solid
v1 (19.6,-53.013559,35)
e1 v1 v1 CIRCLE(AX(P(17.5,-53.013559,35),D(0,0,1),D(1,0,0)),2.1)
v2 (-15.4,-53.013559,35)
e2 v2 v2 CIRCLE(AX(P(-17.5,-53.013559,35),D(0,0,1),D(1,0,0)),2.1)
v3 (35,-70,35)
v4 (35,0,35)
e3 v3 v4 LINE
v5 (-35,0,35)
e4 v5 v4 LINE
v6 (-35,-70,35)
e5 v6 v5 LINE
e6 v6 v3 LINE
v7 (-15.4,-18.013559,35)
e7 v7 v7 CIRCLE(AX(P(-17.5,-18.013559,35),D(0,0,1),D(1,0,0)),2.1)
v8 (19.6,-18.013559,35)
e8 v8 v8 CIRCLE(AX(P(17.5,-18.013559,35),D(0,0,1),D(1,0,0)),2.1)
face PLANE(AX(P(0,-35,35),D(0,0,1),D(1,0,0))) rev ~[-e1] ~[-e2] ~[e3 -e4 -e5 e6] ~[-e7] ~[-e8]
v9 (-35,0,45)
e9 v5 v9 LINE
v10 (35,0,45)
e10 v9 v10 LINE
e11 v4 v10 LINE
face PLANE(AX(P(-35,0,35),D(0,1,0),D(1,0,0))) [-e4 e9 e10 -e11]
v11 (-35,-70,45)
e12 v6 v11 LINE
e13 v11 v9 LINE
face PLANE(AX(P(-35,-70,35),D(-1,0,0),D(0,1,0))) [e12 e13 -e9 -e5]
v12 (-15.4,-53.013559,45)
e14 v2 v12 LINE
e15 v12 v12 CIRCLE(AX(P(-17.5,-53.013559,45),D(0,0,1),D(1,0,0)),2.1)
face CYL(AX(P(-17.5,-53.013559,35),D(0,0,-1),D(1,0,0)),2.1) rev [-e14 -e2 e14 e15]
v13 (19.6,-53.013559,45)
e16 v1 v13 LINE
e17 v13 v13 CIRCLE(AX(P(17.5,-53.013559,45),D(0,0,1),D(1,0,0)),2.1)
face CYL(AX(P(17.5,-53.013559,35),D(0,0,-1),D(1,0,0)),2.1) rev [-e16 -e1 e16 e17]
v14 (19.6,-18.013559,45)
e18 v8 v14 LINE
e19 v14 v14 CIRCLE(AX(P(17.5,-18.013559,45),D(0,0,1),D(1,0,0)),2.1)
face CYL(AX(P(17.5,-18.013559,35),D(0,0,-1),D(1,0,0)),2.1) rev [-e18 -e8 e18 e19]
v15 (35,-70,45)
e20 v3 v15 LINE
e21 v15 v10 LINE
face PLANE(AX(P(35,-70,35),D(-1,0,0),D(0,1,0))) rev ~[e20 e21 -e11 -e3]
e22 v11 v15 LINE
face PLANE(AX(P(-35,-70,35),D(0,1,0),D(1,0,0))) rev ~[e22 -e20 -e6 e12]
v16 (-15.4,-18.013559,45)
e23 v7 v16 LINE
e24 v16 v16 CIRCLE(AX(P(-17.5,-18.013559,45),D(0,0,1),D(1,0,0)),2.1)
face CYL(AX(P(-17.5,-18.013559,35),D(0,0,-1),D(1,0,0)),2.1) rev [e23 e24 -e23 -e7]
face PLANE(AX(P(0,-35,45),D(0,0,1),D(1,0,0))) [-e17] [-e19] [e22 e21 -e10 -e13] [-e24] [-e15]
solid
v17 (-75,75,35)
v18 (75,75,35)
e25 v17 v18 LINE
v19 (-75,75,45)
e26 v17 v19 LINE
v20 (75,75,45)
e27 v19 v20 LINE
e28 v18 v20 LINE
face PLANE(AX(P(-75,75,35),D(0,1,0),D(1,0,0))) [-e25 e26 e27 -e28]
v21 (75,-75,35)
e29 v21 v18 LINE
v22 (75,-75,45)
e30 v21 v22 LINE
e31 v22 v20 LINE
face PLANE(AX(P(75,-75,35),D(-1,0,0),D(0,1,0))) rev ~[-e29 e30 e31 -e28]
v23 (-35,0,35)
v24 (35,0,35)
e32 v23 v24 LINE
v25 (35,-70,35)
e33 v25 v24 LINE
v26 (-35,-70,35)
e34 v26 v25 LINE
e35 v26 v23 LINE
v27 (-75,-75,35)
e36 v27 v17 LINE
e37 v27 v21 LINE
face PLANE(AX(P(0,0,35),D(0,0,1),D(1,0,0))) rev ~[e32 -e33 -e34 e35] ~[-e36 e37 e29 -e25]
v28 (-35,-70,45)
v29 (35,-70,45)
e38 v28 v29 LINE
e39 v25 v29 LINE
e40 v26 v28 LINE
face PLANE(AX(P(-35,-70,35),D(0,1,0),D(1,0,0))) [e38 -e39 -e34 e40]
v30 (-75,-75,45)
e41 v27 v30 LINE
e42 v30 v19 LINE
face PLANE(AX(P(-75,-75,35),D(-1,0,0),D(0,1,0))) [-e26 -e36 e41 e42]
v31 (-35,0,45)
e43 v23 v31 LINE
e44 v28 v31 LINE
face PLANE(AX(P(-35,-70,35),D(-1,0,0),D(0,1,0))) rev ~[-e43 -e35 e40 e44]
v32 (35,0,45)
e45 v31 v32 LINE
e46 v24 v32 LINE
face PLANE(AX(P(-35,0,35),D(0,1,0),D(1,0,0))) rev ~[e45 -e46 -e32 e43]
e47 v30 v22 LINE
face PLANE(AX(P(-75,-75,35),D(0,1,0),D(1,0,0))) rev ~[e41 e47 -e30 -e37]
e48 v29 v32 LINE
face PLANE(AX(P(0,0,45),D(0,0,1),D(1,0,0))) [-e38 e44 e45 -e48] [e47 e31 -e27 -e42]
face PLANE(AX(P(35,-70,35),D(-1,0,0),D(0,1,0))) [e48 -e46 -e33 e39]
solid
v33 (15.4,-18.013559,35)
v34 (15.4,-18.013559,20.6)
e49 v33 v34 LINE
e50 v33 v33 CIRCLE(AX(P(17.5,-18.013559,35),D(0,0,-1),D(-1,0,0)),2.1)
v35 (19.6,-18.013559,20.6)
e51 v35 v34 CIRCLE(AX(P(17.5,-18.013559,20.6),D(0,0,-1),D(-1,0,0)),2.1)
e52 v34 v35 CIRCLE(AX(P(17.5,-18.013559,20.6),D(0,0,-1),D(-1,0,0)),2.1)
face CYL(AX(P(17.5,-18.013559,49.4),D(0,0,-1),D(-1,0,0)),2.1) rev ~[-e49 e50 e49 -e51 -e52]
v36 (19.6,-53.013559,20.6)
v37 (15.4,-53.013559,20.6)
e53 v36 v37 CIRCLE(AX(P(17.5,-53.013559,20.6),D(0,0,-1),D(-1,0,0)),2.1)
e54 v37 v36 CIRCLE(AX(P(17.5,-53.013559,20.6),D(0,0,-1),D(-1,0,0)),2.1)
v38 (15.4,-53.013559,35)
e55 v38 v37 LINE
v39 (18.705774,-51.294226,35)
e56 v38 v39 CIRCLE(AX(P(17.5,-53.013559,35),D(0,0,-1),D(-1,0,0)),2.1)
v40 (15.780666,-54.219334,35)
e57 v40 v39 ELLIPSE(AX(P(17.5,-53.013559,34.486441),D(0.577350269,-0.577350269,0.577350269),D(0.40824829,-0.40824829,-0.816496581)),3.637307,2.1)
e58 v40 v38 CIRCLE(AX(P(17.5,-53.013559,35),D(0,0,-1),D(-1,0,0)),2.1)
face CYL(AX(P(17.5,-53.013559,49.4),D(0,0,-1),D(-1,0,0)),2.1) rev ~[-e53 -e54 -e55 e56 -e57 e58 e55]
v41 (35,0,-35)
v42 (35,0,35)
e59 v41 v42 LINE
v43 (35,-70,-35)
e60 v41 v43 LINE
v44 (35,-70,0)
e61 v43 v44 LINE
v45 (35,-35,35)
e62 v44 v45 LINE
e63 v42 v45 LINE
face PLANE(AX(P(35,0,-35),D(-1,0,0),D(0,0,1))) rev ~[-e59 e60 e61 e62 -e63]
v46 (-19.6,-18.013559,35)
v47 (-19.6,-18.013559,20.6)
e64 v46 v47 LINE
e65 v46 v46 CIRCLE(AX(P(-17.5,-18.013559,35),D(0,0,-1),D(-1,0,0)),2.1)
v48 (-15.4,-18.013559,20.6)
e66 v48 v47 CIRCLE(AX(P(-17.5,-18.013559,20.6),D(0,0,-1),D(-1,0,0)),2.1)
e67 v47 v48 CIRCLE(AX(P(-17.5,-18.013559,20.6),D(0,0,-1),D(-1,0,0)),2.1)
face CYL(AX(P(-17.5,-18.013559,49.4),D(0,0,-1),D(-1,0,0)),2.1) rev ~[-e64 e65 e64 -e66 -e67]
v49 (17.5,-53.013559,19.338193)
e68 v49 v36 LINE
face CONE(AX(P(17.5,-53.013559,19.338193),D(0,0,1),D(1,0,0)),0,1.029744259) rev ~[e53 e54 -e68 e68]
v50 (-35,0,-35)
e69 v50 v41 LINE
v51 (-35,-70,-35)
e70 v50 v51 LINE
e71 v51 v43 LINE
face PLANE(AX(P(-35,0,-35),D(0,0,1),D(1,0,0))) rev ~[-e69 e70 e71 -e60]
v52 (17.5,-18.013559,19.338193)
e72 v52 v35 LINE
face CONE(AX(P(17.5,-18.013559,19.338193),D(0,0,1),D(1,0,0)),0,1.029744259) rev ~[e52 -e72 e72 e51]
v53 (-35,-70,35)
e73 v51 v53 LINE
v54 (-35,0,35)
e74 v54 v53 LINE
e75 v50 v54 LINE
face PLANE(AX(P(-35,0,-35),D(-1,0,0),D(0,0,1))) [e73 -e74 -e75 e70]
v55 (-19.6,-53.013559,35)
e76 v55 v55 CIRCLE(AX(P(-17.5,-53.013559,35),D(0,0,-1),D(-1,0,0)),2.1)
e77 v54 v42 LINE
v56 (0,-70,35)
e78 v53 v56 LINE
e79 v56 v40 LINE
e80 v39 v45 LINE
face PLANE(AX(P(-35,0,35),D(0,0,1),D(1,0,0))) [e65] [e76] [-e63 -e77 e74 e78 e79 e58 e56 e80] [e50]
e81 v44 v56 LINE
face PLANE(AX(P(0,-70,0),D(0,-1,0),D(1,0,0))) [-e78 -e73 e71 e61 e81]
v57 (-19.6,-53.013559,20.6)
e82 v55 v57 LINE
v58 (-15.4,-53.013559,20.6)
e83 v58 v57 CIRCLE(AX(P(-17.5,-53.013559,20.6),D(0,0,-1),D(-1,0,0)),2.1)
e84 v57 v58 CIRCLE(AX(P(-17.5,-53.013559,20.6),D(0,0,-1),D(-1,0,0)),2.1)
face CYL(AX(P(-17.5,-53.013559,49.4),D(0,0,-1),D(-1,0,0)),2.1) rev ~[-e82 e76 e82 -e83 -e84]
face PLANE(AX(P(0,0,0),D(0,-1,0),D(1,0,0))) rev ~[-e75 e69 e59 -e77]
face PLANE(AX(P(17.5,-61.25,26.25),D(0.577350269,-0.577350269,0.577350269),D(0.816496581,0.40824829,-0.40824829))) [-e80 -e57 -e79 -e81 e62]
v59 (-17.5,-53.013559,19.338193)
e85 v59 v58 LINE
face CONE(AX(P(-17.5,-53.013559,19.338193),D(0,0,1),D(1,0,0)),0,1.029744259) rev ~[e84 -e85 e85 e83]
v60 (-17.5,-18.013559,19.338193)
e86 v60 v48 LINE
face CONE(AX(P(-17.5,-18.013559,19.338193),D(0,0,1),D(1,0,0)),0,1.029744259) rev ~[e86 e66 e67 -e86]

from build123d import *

# Parameters (mm, degrees)
F0_W      = 70
F0_H      = 70
F1_DEPTH  = 70
F3_D      = 4.2
F3_DEPTH  = 14.4
F3_TIP    = 1.2618073
F7_W      = 42.8660704987
F7_H      = 49.4974746831
F8_DEPTH  = 20.2072594216
F9_W      = 150
F9_H      = 150
F9_W_2    = 70
F9_H_2    = 70
F10_DEPTH = 10
F4_W      = 70
F4_H      = 70
F4_R      = 2.1


with BuildPart() as f1:
    # F0 (on Front) → F1 (new body)
    with BuildSketch(Plane.XZ):
        Rectangle(F0_W, F0_H)
    extrude(amount=F1_DEPTH)

    # F3
    with Locations(Plane.XY.offset(35)):
        with Locations((-17.5, -53.0135591482), (-17.5, -18.0135591482), (17.5, -18.0135591482), (17.5, -53.0135591482)):
            Hole(F3_D / 2, depth=F3_DEPTH)
            with Locations((0, 0, -(F3_DEPTH + F3_TIP / 2))):  # 118° drill point
                Cone(0, F3_D / 2, F3_TIP, mode=Mode.SUBTRACT)

    # F7 (on 3pt) → F8 (cut, through all)
    with BuildSketch(Plane(origin=(35, -35, 35), x_dir=(0.8164965809, 0.4082482905, -0.4082482905), z_dir=(0.5773502692, -0.5773502692, 0.5773502692))):
        with Locations((-21.4330352494, -24.7487373415)):
            Rectangle(F7_W, F7_H)
    extrude(amount=F8_DEPTH, mode=Mode.SUBTRACT)


with BuildPart() as f10:
    # F9 (on face) → F10 (new body)
    with BuildSketch(Plane.XY.offset(35)):
        Rectangle(F9_W, F9_H)
        with Locations((0, -35)):
            Rectangle(F9_W_2, F9_H_2, mode=Mode.SUBTRACT)
    extrude(amount=F10_DEPTH)


with BuildPart() as f10b:
    # F4 (on face) → F10, piece 2 (new body)
    with BuildSketch(Plane.XY.offset(35)):
        with Locations((0, -35)):
            Rectangle(F4_W, F4_H)
        with Locations((-17.5, -53.0135591482)):
            Circle(F4_R, mode=Mode.SUBTRACT)
        with Locations((17.5, -53.0135591482)):
            Circle(F4_R, mode=Mode.SUBTRACT)
        with Locations((-17.5, -18.0135591482)):
            Circle(F4_R, mode=Mode.SUBTRACT)
        with Locations((17.5, -18.0135591482)):
            Circle(F4_R, mode=Mode.SUBTRACT)
    extrude(amount=F10_DEPTH)


solid = Compound([f1.part, f10.part, f10b.part])
